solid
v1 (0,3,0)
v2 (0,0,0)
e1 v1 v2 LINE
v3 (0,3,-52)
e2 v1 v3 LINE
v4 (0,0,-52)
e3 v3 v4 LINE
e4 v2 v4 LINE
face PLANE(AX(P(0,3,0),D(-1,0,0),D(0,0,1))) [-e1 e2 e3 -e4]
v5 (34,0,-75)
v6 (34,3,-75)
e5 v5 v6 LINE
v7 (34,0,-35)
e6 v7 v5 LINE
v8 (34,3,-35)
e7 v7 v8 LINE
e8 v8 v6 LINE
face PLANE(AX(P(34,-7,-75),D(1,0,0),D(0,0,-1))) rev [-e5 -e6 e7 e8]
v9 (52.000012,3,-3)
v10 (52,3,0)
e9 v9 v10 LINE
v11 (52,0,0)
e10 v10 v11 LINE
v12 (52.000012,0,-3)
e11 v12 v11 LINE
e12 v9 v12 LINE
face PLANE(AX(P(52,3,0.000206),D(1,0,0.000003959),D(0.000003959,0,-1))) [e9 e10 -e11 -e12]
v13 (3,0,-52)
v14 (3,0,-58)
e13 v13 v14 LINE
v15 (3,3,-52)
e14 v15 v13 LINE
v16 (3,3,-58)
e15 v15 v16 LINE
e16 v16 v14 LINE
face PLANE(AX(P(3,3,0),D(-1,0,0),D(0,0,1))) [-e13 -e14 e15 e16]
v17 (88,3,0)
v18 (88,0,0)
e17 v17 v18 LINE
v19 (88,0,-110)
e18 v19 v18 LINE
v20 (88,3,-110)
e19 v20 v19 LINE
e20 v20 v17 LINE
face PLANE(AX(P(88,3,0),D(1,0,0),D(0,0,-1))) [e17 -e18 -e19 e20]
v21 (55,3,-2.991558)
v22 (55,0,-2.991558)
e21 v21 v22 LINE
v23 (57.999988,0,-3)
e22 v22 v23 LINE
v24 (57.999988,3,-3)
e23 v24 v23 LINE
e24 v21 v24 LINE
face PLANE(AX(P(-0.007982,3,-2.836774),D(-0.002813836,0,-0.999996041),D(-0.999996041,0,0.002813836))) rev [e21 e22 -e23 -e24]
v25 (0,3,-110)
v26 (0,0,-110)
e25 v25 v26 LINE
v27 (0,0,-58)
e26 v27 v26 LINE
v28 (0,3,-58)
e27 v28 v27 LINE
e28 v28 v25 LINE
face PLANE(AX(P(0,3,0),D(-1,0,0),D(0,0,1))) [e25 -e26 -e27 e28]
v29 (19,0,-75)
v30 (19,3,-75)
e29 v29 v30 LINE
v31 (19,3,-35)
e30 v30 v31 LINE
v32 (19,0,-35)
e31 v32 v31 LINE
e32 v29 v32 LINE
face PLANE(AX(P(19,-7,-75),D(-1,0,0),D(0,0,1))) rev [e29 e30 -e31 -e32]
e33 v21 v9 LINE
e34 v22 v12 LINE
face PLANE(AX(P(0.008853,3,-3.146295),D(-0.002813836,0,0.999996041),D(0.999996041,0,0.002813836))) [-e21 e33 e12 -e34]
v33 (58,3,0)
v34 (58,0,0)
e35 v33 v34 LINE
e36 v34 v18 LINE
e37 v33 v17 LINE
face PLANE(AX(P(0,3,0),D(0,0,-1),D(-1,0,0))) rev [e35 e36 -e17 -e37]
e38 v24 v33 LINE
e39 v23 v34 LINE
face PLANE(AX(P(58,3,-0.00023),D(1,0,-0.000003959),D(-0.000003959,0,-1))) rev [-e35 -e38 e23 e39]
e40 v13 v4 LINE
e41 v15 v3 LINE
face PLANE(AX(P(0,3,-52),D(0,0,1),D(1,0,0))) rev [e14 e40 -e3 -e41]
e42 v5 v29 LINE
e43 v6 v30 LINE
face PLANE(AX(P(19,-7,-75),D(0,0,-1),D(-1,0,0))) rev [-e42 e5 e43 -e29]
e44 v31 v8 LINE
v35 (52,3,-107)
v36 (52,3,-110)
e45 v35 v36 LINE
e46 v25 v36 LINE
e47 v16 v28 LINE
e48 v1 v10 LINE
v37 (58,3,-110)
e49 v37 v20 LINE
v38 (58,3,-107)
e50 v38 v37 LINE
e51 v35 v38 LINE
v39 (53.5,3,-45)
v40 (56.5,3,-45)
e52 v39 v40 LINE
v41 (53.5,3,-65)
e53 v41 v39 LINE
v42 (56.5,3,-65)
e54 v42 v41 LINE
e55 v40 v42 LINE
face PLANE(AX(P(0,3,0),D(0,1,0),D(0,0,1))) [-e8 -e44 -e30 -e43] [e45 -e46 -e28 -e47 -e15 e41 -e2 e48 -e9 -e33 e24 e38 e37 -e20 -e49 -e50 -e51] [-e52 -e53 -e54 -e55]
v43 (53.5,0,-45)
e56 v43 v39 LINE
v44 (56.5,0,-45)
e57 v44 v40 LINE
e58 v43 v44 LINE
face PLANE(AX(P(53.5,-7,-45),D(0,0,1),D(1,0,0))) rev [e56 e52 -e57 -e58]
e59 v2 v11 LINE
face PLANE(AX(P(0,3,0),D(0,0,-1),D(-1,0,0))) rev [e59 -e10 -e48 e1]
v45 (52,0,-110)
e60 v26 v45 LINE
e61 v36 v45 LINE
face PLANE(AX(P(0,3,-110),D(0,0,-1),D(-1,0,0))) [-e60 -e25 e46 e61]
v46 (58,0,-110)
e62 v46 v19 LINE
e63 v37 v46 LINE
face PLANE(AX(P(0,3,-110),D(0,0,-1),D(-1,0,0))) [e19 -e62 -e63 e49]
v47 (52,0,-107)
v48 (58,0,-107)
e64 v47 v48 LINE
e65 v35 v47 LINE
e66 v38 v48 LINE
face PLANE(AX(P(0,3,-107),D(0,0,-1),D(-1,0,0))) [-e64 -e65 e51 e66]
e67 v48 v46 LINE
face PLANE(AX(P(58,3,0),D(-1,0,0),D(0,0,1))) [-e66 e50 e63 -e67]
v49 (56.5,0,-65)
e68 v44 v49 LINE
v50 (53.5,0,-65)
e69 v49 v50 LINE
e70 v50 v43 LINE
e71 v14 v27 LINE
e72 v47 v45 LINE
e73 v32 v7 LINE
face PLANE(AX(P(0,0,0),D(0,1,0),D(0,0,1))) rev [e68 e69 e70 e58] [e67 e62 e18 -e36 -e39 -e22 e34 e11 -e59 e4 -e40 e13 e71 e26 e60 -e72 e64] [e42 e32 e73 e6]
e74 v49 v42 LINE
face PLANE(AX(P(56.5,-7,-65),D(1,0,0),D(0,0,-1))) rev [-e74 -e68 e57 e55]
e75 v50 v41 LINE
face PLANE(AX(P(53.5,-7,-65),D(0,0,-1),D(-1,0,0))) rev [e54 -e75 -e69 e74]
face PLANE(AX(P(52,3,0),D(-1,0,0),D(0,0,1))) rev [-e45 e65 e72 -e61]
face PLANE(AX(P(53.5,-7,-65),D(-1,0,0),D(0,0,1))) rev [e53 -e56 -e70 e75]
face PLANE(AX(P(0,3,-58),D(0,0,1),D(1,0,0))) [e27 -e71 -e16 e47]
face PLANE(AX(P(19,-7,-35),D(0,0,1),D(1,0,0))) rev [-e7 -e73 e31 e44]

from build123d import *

# Parameters (mm, degrees)
EXTRUDE_3_DEPTH    = 3
SKETCH1_W          = 15
SKETCH1_H          = 40
SKETCH1_W_2        = 3
SKETCH1_H_2        = 20
CUT_EXTRUDE1_DEPTH = 10


with BuildPart() as part:
    # Эскиз4 → Бобышка-Вытянуть3 (new body)
    with BuildSketch(Plane(origin=(0, 0, 0), x_dir=(1, 0, 0), z_dir=(0, 1, 0))):
        Polygon((88, 0), (88, 110), (58, 110), (58, 107), (55, 107), (52, 107), (52, 110), (0, 110), (0, 58), (3, 58), (3, 55), (3, 52), (0, 52), (0, 0), (52, 0), (52.000011877, 3), (55, 2.991558491), (57.999988123, 3), (58, 0), align=None)
    extrude(amount=EXTRUDE_3_DEPTH)

    # Sketch1 → Cut-Extrude1 (cut)
    with BuildSketch(Plane(origin=(0, 3, 0), x_dir=(1, 0, 0), z_dir=(0, 1, 0))):
        with Locations((26.5, 55)):
            Rectangle(SKETCH1_W, SKETCH1_H)
        with Locations((55, 55)):
            Rectangle(SKETCH1_W_2, SKETCH1_H_2)
    extrude(amount=-CUT_EXTRUDE1_DEPTH, mode=Mode.SUBTRACT)


solid = part.part
